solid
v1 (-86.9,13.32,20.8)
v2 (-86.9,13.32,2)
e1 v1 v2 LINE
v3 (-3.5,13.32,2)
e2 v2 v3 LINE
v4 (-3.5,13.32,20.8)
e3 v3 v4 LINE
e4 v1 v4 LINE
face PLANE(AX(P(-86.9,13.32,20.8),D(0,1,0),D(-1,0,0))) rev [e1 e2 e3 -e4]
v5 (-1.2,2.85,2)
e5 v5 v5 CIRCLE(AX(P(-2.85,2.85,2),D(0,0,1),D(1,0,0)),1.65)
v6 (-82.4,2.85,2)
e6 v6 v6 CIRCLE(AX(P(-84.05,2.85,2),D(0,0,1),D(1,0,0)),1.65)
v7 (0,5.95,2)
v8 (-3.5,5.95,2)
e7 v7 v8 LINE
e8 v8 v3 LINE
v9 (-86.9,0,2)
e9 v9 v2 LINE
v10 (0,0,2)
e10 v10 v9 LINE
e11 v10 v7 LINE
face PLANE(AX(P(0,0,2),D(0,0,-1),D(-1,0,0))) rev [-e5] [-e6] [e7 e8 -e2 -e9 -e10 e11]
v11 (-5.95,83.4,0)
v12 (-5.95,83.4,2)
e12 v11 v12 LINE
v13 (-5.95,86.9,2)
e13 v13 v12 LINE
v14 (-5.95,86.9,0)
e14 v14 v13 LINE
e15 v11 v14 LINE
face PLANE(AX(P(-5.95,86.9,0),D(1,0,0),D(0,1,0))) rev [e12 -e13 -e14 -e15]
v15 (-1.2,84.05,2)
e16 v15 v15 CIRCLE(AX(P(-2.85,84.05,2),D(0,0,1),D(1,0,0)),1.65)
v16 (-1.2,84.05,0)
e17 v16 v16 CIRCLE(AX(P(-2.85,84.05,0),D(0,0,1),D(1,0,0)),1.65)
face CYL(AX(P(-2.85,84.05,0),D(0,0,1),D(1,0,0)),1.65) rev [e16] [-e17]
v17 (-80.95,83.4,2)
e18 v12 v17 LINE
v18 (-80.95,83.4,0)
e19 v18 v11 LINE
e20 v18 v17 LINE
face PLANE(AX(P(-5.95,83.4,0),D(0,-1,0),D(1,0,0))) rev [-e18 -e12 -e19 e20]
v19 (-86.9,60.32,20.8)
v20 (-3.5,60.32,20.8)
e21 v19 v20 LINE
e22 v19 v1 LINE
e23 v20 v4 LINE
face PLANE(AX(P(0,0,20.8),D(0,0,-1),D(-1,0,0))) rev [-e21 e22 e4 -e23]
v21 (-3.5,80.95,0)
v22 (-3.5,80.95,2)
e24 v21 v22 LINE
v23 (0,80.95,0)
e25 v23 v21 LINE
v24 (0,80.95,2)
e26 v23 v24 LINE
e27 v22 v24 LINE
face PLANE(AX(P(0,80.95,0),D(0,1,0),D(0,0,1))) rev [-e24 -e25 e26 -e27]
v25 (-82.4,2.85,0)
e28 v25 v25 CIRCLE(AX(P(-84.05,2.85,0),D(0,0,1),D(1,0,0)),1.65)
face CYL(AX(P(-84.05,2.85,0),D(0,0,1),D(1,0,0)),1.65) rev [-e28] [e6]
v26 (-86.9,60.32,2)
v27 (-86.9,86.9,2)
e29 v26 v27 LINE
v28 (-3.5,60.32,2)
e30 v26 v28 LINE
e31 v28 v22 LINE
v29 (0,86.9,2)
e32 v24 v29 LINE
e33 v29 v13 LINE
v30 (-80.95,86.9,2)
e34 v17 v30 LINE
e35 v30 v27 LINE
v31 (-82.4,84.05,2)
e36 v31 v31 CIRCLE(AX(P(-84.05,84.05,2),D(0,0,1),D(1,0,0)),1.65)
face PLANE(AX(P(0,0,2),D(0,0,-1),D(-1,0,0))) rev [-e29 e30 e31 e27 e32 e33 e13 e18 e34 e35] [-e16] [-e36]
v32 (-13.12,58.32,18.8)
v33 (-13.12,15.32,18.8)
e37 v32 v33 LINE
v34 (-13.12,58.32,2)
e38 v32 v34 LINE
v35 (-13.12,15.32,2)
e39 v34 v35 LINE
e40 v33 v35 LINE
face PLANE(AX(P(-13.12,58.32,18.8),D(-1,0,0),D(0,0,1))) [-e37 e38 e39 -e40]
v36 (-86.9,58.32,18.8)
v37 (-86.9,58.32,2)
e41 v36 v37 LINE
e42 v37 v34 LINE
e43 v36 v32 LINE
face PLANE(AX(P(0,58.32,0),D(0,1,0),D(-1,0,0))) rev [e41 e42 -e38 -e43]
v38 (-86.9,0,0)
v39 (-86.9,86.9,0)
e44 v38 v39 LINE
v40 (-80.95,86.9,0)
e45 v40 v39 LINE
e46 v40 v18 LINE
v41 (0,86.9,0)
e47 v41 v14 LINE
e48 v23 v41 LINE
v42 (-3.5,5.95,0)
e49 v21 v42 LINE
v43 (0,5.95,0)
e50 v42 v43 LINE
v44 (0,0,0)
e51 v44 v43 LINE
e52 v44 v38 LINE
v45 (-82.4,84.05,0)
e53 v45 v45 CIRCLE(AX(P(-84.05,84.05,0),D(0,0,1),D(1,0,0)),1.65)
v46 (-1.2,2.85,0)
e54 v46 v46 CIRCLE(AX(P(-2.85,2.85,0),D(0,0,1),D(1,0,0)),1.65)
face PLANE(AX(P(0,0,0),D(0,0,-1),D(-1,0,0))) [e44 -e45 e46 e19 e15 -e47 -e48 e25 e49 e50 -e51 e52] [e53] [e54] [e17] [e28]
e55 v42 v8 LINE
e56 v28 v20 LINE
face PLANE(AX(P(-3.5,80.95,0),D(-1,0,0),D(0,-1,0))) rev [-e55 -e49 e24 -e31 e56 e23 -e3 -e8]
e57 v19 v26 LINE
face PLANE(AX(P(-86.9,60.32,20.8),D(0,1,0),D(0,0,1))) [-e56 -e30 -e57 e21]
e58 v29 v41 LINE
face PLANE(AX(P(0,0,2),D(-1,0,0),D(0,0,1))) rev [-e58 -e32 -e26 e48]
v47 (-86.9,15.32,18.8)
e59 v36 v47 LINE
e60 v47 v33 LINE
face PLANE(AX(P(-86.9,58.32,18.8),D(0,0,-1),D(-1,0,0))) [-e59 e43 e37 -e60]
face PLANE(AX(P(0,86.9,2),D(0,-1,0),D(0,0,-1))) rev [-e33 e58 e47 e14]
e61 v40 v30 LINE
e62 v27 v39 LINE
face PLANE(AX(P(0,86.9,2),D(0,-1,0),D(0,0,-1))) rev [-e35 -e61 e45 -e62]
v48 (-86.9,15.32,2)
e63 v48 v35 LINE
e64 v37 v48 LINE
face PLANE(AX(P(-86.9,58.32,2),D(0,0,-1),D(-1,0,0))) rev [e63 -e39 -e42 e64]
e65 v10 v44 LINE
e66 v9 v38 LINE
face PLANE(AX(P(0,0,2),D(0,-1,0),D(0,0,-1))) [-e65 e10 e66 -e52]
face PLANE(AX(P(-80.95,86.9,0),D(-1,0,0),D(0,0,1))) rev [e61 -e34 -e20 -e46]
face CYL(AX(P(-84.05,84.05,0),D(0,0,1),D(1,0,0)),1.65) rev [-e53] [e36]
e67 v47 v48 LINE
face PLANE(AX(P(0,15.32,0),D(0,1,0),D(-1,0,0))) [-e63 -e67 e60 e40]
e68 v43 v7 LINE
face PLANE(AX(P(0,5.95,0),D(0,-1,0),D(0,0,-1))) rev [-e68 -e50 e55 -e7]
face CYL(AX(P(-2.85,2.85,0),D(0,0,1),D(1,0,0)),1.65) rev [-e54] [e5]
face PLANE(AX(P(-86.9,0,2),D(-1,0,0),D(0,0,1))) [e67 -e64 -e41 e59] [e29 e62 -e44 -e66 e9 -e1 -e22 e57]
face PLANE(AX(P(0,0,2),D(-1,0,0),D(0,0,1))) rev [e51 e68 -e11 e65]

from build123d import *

# Parameters (mm, degrees)
SKETCH1_W               = 86.9
SKETCH1_H               = 86.9
BOSS_EXTRUDE1_DEPTH     = 2
SKETCH2_R               = 1.65
CUT_EXTRUDE3_DEPTH      = 123.911431527
SKETCH5_W               = 86.9
SKETCH5_H               = 47
BOSS_EXTRUDE3_DEPTH     = 18.8
CUT_EXTRUDE5_START      = -2
SKETCH6_W               = 73.78
SKETCH6_H               = 16.8
CUT_EXTRUDE5_DEPTH      = 43
CUT_EXTRUDE7_DEPTH      = 125.324816509
CUT_EXTRUDE7_DEPTH_BACK = 125.324816509
SKETCH8_W               = 3.5
SKETCH8_H               = 75
SKETCH8_W_2             = 75
SKETCH8_H_2             = 3.5


with BuildPart() as part:
    # Sketch1 → Boss-Extrude1 (new body)
    with BuildSketch(Plane(origin=(0, 0, 0), x_dir=(0, 1, 0), z_dir=(0, 0, 1))):
        with Locations((43.45, 43.45)):
            Rectangle(SKETCH1_W, SKETCH1_H)
    extrude(amount=BOSS_EXTRUDE1_DEPTH)

    # Sketch2 → Cut-Extrude3 (cut, through all)
    with BuildSketch(Plane.XY.offset(2)):
        with Locations((-84.05, 2.85)):
            Circle(SKETCH2_R)
        with Locations((-2.85, 2.85)):
            Circle(SKETCH2_R)
        with Locations((-2.85, 84.05)):
            Circle(SKETCH2_R)
        with Locations((-84.05, 84.05)):
            Circle(SKETCH2_R)
    extrude(amount=-CUT_EXTRUDE3_DEPTH, mode=Mode.SUBTRACT)

    # Sketch5 → Boss-Extrude3 (add)
    with BuildSketch(Plane.XY.offset(2)):
        with Locations((-43.45, 36.82)):
            Rectangle(SKETCH5_W, SKETCH5_H)
    extrude(amount=BOSS_EXTRUDE3_DEPTH)

    # Sketch6 → Cut-Extrude5 (cut)
    with BuildSketch(Plane.XZ.offset(-13.32).offset(CUT_EXTRUDE5_START)):
        with Locations((-50.01, 10.4)):
            Rectangle(SKETCH6_W, SKETCH6_H)
    extrude(amount=-CUT_EXTRUDE5_DEPTH, mode=Mode.SUBTRACT)

    # Sketch8 → Cut-Extrude7 (cut, two sides: drawn at the far end of the back side and taken through both)
    with BuildSketch(Plane.XY.offset(2).offset(-CUT_EXTRUDE7_DEPTH_BACK)):
        with Locations((-1.75, 43.45)):
            Rectangle(SKETCH8_W, SKETCH8_H)
        with Locations((-43.45, 85.15)):
            Rectangle(SKETCH8_W_2, SKETCH8_H_2)
    extrude(amount=CUT_EXTRUDE7_DEPTH + CUT_EXTRUDE7_DEPTH_BACK, mode=Mode.SUBTRACT)


solid = part.part
